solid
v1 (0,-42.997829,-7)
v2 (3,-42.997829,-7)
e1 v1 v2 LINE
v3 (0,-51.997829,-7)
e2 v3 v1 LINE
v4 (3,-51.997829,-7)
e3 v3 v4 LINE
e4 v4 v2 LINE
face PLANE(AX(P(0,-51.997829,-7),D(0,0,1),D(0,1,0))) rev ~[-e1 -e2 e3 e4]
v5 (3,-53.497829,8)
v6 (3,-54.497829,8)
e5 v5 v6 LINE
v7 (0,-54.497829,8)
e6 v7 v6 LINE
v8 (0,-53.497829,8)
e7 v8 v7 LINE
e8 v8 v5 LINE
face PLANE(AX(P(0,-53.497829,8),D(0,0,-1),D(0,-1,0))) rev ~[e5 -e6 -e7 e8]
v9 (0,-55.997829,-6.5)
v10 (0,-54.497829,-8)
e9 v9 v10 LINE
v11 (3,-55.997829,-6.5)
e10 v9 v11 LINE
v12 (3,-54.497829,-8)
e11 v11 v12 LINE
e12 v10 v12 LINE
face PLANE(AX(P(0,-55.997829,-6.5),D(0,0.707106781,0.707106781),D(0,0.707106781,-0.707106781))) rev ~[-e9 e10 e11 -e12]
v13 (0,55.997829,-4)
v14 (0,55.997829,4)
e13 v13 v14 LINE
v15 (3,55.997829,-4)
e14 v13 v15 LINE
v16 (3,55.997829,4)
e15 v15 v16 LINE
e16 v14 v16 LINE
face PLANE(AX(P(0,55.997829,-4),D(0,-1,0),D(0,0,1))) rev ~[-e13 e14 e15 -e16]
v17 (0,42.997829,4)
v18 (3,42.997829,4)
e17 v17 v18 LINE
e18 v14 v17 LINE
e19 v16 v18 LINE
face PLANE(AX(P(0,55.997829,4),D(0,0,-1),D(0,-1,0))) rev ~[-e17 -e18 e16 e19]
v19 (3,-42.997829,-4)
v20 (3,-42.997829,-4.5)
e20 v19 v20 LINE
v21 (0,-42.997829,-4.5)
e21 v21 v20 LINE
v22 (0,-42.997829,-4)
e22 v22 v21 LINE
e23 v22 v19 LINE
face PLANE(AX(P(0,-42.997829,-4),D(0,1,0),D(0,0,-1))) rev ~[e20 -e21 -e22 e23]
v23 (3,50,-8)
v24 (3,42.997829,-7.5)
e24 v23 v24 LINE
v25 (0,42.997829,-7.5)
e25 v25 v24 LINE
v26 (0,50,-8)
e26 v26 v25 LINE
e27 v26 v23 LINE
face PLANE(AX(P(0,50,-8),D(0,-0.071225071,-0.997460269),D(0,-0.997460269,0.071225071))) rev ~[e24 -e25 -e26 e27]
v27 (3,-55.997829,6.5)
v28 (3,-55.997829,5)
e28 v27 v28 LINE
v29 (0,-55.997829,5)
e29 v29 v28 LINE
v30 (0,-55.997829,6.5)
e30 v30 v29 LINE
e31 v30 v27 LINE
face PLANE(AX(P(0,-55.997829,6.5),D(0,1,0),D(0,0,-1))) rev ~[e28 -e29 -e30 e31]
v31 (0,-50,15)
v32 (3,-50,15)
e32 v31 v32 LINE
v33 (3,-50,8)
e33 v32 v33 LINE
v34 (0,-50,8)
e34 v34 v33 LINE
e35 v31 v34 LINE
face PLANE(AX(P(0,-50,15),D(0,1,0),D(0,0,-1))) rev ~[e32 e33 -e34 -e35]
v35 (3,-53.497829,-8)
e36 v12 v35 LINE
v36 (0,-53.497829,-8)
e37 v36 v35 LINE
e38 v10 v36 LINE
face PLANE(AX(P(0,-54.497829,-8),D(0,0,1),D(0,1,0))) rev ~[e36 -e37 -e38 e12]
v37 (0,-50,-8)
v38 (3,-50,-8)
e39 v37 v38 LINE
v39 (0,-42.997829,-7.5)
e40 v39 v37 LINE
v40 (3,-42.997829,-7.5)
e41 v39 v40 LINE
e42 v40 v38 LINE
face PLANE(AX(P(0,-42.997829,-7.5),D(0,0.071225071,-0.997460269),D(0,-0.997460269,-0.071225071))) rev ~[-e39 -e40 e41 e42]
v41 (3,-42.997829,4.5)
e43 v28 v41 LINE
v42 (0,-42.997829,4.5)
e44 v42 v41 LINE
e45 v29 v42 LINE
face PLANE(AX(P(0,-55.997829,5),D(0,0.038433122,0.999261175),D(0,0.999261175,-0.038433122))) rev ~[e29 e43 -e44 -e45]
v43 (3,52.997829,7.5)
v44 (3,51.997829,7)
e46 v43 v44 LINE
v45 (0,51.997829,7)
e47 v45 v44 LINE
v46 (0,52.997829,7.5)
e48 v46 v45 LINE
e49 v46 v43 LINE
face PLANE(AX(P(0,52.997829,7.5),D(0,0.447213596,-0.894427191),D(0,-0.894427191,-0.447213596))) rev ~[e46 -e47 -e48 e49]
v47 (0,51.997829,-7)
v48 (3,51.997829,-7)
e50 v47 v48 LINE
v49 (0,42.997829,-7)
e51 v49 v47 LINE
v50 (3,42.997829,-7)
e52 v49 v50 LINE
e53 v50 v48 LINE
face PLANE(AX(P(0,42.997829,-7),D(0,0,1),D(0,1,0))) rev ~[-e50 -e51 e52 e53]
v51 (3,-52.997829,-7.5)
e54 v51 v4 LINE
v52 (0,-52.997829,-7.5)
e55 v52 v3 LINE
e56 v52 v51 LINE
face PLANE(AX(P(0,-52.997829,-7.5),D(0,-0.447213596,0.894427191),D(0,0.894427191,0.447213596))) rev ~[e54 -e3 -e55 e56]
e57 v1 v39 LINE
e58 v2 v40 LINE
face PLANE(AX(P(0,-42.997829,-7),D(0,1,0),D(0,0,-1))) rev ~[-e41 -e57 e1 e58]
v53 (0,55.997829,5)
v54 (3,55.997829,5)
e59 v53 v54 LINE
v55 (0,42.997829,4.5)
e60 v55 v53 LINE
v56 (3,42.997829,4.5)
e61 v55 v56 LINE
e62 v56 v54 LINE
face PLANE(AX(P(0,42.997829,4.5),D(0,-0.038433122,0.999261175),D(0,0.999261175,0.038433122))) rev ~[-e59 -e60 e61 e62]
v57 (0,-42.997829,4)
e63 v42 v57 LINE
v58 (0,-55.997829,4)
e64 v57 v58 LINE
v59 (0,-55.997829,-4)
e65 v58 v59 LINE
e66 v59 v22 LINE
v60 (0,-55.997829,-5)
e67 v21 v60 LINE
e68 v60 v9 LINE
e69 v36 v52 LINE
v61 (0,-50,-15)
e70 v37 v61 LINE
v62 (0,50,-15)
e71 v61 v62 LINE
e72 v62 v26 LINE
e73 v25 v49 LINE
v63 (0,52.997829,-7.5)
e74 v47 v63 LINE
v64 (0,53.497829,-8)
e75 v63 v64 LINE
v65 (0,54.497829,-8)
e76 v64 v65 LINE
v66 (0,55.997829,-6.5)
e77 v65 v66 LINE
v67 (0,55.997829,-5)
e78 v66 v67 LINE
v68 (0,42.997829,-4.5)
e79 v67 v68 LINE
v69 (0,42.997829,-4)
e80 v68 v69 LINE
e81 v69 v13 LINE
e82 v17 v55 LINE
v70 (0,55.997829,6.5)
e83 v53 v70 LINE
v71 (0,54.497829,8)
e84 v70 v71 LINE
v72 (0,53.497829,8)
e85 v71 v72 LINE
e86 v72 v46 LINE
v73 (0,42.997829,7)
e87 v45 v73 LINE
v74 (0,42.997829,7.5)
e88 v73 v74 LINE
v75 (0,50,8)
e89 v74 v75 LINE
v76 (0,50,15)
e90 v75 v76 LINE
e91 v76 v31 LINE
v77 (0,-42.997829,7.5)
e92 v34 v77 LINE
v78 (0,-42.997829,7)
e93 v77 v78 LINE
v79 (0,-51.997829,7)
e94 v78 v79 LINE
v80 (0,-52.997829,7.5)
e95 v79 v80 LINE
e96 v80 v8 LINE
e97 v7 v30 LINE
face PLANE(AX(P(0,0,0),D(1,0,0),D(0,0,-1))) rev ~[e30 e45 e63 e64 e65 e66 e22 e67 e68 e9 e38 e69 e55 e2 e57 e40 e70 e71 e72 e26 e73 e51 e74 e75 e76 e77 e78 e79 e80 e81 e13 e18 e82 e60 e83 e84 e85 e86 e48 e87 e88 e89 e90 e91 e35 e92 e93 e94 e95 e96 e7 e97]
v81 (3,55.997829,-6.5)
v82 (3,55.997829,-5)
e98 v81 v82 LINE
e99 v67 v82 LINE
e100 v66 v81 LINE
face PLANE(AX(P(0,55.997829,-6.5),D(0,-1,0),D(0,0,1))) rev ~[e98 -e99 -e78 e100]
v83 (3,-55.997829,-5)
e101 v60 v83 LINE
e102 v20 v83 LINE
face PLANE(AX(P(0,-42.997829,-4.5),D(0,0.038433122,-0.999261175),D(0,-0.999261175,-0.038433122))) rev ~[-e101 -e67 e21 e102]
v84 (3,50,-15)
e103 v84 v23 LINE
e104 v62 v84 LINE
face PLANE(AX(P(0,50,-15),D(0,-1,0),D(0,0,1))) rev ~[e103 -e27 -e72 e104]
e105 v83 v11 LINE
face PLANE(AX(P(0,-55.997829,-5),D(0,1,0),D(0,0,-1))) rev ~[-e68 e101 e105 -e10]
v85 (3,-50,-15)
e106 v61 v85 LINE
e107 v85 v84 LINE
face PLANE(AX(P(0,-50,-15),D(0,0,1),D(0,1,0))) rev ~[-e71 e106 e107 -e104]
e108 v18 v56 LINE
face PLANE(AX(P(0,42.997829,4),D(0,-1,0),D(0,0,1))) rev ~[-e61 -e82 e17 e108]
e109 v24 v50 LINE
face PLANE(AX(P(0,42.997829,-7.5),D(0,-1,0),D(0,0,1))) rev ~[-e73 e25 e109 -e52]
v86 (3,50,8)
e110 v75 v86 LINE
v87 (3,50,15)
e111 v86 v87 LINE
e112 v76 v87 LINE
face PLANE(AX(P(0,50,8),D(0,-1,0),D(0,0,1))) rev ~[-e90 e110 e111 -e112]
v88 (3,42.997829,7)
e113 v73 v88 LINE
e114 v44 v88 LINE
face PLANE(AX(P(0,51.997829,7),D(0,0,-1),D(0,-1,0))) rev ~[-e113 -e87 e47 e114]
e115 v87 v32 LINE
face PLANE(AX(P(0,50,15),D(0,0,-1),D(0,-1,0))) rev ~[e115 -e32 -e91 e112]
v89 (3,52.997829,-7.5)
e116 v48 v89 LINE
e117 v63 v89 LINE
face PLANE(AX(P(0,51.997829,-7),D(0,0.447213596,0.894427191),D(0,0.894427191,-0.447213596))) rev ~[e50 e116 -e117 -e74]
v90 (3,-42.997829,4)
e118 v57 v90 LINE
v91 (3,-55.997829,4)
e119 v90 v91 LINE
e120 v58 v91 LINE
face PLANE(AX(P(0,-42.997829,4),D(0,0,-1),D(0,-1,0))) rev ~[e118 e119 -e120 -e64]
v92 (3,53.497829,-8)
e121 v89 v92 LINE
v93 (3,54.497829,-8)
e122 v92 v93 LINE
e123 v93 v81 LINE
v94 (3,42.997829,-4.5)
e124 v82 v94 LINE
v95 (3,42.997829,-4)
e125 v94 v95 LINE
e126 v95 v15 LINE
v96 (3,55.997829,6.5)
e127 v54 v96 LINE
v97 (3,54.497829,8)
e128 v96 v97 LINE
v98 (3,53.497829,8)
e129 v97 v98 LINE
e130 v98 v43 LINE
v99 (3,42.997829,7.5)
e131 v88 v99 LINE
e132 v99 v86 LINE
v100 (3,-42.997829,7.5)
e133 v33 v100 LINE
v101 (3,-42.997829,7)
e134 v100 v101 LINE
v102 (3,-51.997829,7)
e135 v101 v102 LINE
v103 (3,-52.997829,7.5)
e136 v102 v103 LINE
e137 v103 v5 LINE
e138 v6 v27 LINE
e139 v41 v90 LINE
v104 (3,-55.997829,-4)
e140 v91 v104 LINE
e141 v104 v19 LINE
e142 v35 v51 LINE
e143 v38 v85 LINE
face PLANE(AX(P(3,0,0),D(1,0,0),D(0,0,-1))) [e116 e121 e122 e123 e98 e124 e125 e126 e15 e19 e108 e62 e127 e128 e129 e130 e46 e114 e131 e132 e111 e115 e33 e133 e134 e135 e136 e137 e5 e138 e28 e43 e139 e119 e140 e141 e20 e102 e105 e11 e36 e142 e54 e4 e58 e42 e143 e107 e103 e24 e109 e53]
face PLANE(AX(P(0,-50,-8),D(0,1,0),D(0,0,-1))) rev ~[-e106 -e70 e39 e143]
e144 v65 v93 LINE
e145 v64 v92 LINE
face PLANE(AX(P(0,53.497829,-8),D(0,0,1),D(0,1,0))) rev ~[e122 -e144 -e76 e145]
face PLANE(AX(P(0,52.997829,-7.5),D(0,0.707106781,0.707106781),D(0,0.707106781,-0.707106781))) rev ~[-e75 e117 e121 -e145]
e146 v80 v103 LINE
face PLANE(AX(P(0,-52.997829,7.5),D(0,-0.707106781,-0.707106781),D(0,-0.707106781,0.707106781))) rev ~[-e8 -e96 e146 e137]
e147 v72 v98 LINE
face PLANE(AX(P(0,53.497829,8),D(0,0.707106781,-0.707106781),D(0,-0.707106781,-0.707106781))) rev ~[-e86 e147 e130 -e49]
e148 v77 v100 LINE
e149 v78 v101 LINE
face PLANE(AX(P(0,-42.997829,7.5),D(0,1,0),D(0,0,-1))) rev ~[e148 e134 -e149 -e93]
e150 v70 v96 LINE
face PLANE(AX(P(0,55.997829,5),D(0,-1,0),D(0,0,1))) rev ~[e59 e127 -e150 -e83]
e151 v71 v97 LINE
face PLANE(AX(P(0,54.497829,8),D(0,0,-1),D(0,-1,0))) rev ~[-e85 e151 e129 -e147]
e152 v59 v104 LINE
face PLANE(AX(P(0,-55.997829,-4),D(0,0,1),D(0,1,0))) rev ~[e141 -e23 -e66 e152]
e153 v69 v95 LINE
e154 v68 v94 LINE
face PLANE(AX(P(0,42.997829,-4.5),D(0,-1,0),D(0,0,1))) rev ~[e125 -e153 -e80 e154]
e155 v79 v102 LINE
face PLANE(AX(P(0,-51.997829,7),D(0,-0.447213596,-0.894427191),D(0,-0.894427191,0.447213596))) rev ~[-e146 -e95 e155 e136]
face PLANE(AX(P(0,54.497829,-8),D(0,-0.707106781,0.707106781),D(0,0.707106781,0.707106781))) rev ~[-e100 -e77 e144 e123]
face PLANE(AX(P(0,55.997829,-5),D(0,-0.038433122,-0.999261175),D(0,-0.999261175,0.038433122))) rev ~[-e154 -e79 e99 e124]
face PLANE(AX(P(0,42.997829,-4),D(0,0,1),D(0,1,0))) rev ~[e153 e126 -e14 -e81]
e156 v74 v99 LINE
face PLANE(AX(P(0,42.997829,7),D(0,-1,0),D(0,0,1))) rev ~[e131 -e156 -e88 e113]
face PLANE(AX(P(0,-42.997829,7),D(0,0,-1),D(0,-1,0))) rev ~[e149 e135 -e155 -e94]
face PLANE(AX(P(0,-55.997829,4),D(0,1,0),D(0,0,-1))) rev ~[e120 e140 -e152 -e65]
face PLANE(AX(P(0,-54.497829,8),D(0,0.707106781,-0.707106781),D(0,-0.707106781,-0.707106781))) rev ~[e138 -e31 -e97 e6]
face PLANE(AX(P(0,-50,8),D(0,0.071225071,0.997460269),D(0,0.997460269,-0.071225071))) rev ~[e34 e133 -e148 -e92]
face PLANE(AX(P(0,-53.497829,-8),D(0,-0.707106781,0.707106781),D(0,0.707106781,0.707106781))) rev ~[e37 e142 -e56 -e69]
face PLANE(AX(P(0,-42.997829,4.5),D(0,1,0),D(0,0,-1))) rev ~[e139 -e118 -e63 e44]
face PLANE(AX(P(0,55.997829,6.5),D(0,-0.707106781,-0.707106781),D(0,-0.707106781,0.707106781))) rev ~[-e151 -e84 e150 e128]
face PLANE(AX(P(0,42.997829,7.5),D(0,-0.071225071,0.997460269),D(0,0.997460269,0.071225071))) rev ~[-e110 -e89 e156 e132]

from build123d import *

# Parameters (mm, degrees)
BOSS_EXTRUDE1_DEPTH = 3


with BuildPart() as part:
    # Sketch1 → Boss-Extrude1 (new body)
    with BuildSketch(Plane(origin=(0, 0, 0), x_dir=(0, 0, -1), z_dir=(1, 0, 0))):
        Polygon((-15, -50), (-8, -50), (-7.5, -42.997828908), (-7, -42.997828908), (-7, -51.997828908), (-7.5, -52.997828908), (-8, -53.497828908), (-8, -54.497828908), (-6.5, -55.997828908), (-5, -55.997828908), (-4.5, -42.997828908), (-4, -42.997828908), (-4, -55.997828908), (4, -55.997828908), (4, -42.997828908), (4.5, -42.997828908), (5, -55.997828908), (6.5, -55.997828908), (8, -54.497828908), (8, -53.497828908), (7.5, -52.997828908), (7, -51.997828908), (7, -42.997828908), (7.5, -42.997828908), (8, -50), (15, -50), (15, 50), (8, 50), (7.5, 42.997828908), (7, 42.997828908), (7, 51.997828908), (7.5, 52.997828908), (8, 53.497828908), (8, 54.497828908), (6.5, 55.997828908), (5, 55.997828908), (4.5, 42.997828908), (4, 42.997828908), (4, 55.997828908), (-4, 55.997828908), (-4, 42.997828908), (-4.5, 42.997828908), (-5, 55.997828908), (-6.5, 55.997828908), (-8, 54.497828908), (-8, 53.497828908), (-7.5, 52.997828908), (-7, 51.997828908), (-7, 42.997828908), (-7.5, 42.997828908), (-8, 50), (-15, 50), align=None)
    extrude(amount=BOSS_EXTRUDE1_DEPTH)


solid = part.part
